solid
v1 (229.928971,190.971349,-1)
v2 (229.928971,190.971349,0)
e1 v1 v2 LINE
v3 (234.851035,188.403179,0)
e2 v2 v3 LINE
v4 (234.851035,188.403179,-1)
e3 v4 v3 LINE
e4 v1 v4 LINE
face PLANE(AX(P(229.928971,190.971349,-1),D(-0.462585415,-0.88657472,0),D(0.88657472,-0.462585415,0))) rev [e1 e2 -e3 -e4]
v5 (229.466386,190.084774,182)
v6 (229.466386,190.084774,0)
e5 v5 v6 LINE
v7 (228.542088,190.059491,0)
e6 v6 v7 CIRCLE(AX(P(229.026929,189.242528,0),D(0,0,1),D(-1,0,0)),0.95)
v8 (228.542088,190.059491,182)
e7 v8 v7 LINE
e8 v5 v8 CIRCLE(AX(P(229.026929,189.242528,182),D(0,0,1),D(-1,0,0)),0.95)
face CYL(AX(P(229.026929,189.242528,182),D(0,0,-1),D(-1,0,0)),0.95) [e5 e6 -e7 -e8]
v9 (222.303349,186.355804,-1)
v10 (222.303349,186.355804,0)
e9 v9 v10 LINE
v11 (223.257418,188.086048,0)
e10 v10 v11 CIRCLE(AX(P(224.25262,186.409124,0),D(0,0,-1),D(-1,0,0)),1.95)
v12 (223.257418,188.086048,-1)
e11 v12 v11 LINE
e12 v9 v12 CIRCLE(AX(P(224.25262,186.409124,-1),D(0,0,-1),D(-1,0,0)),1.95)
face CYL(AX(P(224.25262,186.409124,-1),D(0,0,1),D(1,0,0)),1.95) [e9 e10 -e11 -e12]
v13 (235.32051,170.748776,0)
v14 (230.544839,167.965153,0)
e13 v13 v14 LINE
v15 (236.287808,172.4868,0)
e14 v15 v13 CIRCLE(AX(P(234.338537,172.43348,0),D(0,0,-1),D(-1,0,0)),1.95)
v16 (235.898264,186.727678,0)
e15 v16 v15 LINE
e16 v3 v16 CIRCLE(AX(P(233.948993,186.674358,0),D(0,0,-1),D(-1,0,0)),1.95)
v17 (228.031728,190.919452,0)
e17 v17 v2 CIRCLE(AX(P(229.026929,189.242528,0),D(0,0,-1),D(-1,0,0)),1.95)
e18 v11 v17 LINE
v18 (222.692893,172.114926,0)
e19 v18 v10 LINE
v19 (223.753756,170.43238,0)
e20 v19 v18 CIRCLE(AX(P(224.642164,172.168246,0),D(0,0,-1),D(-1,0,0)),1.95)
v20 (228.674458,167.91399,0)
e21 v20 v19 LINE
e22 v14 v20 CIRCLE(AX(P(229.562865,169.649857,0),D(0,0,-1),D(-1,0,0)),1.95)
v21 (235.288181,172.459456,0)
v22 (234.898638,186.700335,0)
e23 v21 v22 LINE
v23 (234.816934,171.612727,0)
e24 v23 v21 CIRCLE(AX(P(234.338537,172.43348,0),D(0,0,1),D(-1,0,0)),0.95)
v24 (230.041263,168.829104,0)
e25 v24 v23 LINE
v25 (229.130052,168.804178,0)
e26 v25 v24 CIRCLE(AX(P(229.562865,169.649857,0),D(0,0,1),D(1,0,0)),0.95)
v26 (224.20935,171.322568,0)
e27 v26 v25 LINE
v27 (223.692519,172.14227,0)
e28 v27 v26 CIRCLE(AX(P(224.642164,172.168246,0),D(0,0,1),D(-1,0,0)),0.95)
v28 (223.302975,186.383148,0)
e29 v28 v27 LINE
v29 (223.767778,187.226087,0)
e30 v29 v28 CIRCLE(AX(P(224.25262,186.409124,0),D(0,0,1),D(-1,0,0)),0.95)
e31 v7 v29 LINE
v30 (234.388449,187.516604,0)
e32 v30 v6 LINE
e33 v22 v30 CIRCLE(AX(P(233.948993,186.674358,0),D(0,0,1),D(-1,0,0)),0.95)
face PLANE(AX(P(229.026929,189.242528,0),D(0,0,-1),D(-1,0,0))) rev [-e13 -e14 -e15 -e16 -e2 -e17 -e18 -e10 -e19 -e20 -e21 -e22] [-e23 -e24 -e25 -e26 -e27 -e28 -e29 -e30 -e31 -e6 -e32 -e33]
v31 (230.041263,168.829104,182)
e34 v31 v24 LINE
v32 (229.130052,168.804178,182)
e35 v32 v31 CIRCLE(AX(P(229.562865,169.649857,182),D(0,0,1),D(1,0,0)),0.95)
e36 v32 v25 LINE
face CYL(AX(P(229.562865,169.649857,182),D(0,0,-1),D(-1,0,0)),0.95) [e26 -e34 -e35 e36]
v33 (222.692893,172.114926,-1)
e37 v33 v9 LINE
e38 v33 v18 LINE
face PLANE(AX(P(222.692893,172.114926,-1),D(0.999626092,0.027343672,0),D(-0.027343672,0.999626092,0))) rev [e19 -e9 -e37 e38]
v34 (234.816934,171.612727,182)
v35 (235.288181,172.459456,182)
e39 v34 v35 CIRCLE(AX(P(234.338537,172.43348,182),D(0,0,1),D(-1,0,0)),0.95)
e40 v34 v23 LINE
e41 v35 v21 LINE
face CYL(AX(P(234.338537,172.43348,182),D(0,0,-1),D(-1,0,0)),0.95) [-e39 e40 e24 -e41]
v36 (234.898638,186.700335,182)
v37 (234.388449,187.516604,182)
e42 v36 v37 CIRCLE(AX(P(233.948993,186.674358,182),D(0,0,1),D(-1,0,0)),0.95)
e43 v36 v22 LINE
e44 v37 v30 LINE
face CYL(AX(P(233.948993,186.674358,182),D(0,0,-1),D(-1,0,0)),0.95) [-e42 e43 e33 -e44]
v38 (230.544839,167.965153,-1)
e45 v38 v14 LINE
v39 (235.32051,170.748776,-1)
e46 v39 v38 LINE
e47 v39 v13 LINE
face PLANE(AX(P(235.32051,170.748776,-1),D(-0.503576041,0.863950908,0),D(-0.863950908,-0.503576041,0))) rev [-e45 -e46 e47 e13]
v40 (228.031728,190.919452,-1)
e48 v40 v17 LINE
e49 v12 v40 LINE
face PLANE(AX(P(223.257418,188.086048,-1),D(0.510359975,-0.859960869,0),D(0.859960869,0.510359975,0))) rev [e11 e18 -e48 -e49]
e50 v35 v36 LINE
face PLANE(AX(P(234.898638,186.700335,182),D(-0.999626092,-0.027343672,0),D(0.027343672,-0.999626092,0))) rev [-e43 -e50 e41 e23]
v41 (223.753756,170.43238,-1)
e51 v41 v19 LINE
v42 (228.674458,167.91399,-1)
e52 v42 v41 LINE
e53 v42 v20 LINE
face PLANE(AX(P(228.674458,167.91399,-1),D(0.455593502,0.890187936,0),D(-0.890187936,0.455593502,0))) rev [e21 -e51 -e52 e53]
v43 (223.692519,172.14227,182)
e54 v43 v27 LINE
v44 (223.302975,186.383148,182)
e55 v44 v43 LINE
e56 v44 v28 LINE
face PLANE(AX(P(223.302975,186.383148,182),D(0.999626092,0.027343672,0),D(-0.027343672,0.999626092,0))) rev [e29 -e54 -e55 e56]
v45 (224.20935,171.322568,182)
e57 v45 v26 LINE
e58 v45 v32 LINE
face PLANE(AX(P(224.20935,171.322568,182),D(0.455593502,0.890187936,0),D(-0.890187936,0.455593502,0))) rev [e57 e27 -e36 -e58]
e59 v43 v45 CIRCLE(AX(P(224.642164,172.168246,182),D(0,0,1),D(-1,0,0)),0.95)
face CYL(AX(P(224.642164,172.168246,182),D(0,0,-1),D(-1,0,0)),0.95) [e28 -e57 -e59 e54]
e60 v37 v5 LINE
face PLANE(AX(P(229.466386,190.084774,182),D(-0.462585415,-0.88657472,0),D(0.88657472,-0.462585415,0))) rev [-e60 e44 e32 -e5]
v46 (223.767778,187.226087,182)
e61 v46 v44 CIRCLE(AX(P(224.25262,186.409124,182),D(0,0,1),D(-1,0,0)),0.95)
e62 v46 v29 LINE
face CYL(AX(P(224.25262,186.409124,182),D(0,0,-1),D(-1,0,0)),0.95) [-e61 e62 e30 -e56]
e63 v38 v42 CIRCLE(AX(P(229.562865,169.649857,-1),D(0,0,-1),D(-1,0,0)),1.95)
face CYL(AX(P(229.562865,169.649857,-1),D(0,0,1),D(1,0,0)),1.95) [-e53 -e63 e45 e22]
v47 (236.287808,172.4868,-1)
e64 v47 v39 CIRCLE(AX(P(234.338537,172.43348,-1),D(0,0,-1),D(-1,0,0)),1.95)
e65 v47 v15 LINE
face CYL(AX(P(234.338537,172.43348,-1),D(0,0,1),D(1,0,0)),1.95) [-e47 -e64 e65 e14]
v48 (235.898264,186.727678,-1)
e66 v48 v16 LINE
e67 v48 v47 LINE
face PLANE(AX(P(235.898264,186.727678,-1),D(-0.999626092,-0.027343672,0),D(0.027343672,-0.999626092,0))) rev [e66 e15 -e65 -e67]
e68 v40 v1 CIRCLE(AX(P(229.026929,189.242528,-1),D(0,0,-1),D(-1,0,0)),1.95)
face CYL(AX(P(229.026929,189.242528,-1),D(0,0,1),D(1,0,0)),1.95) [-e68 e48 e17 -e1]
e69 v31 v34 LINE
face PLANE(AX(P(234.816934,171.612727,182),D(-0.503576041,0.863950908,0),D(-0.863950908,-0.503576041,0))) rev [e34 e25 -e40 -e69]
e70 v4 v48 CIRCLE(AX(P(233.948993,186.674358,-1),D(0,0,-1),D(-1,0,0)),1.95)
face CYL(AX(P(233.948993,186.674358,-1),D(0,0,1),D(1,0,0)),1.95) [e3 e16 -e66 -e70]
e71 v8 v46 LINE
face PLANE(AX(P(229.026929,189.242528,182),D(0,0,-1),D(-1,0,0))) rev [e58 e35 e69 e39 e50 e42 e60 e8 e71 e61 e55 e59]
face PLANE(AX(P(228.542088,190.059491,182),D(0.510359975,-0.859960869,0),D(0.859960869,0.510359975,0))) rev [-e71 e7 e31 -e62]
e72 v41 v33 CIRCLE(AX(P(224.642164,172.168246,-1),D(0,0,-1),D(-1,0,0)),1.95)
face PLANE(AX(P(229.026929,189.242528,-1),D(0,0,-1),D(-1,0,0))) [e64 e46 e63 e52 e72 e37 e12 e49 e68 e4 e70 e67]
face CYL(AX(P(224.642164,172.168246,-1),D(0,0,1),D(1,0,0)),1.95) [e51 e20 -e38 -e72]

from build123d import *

# Parameters (mm, degrees)
BOSS_EXTRUDE1_DEPTH = 182
BOSS_EXTRUDE2_DEPTH = 1


with BuildPart() as part:
    # Sketch1 → Boss-Extrude1 (new body)
    with BuildSketch(Plane.XY):
        with BuildLine():
            Line((229.466385633, 190.084774284), (234.388449239, 187.516604015))
            ThreePointArc((234.388449239, 187.516604015), (234.754582519, 187.177871366), (234.898637882, 186.70033452))
            Line((234.898637882, 186.70033452), (235.288181443, 172.459456354))
            ThreePointArc((235.288181443, 172.459456354), (235.168635365, 171.971488379), (234.816933894, 171.612726503))
            Line((234.816933894, 171.612726503), (230.041262707, 168.829103536))
            ThreePointArc((230.041262707, 168.829103536), (229.588841957, 168.700212112), (229.130051641, 168.80417836))
            Line((229.130051641, 168.80417836), (224.209349738, 171.322567703))
            ThreePointArc((224.209349738, 171.322567703), (223.838561786, 171.661566677), (223.692518777, 172.142269754))
            Line((223.692518777, 172.142269754), (223.302975216, 186.383147919))
            ThreePointArc((223.302975216, 186.383147919), (223.420709707, 186.867845739), (223.767778026, 187.226087233))
            Line((223.767778026, 187.226087233), (228.542087512, 190.059491125))
            ThreePointArc((228.542087512, 190.059491125), (229.000953, 190.192173087), (229.466385633, 190.084774284))
        make_face()
    extrude(amount=BOSS_EXTRUDE1_DEPTH)

    # Sketch5 → Boss-Extrude2 (add)
    with BuildSketch(Plane(origin=(0, 0, 0), x_dir=(-1, 0, 0), z_dir=(0, 0, -1))):
        with BuildLine():
            Line((-229.928971048, 190.971349003), (-234.851034654, 188.403178734))
            ThreePointArc((-234.851034654, 188.403178734), (-235.602571388, 187.707885402), (-235.898263974, 186.727678192))
            Line((-235.898263974, 186.727678192), (-236.287807535, 172.486800026))
            ThreePointArc((-236.287807535, 172.486800026), (-236.04242348, 171.485181553), (-235.320509935, 170.748775595))
            Line((-235.320509935, 170.748775595), (-230.544838748, 167.965152629))
            ThreePointArc((-230.544838748, 167.965152629), (-229.616185629, 167.70058602), (-228.67445814, 167.913990424))
            Line((-228.67445814, 167.913990424), (-223.753756236, 170.432379767))
            ThreePointArc((-223.753756236, 170.432379767), (-222.992665178, 171.128219765), (-222.692892685, 172.114926081))
            Line((-222.692892685, 172.114926081), (-222.303349124, 186.355804247))
            ThreePointArc((-222.303349124, 186.355804247), (-222.545014659, 187.350710298), (-223.257418051, 188.086048102))
            Line((-223.257418051, 188.086048102), (-228.031727536, 190.919451994))
            ThreePointArc((-228.031727536, 190.919451994), (-228.973609327, 191.191799179), (-229.928971048, 190.971349003))
        make_face()
    extrude(amount=BOSS_EXTRUDE2_DEPTH)


solid = part.part
